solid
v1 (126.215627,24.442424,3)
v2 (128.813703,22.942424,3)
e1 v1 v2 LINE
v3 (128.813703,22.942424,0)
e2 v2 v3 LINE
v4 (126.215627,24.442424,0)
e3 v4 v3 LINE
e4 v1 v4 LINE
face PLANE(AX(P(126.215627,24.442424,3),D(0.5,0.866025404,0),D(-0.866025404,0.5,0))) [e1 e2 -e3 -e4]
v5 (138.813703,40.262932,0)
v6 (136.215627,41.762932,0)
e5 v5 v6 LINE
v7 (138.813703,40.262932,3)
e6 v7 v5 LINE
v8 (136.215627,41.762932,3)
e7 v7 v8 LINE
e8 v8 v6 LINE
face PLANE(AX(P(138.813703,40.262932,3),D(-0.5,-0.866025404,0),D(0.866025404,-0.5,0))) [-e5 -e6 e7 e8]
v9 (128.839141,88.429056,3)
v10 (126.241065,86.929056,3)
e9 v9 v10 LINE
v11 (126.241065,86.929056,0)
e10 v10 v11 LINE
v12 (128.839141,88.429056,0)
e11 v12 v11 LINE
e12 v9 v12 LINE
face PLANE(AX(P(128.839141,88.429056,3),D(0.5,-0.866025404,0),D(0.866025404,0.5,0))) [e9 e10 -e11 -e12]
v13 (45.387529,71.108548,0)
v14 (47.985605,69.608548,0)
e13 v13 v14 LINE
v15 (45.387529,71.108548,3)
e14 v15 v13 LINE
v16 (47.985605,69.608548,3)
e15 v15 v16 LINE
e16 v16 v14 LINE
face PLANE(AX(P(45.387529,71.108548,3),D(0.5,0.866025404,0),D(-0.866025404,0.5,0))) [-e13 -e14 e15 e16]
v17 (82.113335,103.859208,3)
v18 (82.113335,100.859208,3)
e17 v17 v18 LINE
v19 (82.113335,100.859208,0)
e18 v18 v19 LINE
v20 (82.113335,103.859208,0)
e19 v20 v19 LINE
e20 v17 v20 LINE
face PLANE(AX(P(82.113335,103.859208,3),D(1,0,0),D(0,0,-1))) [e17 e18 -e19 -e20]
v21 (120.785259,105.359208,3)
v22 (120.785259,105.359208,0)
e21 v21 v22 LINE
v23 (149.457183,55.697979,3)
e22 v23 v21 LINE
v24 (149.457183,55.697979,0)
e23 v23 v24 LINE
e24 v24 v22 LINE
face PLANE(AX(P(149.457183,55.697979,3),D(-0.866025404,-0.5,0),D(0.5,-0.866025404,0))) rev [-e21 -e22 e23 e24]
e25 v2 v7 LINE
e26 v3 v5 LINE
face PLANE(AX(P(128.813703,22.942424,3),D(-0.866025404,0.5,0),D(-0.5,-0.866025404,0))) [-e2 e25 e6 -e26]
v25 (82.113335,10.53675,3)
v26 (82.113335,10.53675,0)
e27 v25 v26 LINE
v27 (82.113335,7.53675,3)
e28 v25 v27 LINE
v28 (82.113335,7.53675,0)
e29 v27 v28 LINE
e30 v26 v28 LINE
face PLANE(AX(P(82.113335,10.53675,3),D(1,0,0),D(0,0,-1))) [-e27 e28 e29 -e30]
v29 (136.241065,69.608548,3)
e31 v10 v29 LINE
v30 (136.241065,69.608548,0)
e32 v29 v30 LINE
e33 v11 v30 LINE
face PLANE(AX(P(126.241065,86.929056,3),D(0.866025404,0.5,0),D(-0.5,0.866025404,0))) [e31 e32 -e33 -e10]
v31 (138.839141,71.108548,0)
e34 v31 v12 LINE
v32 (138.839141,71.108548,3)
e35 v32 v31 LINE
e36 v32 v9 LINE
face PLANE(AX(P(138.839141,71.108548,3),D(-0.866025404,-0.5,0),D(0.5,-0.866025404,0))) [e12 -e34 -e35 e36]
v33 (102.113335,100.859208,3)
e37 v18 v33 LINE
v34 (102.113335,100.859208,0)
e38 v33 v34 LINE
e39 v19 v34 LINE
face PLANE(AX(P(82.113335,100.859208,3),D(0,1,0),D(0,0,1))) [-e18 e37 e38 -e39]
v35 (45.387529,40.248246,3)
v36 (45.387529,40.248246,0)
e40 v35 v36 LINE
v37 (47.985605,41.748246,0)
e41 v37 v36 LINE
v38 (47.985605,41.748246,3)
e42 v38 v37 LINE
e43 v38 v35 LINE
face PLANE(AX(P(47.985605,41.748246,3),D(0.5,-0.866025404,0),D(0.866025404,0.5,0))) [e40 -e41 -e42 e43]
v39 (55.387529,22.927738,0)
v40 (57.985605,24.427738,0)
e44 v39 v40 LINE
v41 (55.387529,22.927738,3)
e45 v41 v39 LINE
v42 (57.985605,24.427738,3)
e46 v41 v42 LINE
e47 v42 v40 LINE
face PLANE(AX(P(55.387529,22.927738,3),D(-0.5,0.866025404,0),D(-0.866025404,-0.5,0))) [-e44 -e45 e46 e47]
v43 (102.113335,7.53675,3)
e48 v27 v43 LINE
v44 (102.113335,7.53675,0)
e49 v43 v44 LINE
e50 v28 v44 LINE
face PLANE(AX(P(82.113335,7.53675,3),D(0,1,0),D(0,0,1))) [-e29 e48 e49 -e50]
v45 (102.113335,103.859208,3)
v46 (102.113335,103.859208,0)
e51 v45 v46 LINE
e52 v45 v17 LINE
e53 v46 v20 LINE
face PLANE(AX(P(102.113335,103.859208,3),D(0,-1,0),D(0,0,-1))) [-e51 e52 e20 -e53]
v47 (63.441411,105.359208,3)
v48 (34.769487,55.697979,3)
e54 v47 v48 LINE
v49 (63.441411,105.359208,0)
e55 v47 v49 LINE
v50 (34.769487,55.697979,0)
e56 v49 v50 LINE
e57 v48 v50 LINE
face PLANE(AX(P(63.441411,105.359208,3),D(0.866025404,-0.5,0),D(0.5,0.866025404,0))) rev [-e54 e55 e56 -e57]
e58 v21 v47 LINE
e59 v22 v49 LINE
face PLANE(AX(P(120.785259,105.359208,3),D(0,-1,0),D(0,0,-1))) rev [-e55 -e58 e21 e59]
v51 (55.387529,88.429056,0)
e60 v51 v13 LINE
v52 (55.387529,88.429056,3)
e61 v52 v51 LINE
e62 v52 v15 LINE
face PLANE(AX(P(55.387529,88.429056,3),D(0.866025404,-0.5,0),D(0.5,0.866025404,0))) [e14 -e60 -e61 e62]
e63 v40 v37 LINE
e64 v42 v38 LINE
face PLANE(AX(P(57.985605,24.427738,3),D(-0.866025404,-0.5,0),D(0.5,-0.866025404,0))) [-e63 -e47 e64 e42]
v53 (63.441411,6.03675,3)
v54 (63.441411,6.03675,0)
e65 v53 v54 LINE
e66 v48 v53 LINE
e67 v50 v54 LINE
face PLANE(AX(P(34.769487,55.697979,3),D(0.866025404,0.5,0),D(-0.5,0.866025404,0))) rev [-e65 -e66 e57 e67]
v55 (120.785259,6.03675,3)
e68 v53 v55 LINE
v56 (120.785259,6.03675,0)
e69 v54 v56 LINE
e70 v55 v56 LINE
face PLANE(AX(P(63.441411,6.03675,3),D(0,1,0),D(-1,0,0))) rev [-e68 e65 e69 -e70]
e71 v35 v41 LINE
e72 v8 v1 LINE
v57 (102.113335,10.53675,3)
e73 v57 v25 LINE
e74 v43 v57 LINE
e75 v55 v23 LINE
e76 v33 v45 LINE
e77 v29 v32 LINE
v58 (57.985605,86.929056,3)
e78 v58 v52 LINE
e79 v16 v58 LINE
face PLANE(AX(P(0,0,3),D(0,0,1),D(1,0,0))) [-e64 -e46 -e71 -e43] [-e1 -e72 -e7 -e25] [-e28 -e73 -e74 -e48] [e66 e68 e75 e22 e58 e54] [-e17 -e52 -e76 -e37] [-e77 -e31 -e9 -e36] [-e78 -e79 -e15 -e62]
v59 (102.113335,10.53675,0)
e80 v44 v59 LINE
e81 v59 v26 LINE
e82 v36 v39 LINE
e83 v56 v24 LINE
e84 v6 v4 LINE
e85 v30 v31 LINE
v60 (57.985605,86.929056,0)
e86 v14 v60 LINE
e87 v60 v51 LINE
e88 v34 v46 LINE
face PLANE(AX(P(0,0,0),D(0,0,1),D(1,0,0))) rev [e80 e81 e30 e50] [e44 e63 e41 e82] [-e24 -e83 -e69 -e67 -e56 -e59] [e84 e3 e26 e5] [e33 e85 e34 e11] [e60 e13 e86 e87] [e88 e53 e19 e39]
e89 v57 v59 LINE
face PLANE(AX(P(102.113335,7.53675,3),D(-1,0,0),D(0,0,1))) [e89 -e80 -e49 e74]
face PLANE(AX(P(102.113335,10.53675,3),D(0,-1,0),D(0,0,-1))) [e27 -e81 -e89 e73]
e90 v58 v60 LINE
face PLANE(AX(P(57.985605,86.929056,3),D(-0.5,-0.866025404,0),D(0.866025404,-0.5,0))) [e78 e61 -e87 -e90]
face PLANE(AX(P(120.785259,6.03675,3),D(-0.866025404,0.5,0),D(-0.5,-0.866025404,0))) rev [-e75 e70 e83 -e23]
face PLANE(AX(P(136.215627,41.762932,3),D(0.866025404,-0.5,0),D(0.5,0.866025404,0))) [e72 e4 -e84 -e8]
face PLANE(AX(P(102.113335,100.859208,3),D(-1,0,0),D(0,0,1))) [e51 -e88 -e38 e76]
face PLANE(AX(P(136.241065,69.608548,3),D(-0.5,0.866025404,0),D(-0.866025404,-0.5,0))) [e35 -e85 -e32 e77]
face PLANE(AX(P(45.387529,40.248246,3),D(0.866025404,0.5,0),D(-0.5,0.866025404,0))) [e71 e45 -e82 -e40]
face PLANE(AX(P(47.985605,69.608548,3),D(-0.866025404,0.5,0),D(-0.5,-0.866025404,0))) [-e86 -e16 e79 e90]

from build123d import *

# Parameters (mm, degrees)
MODEL_W             = 20
MODEL_H             = 3
BOSS_EXTRUDE1_DEPTH = 3


with BuildPart() as part:
    # Model → Boss-Extrude1 (new body)
    with BuildSketch(Plane.XY):
        Polygon((149.457182746, 55.697979038), (120.785258916, 105.359207863), (63.441411255, 105.359207863), (34.769487424, 55.697979038), (63.441411255, 6.036750213), (120.785258916, 6.036750213), align=None)
        with Locations((92.113335085, 102.359207863)):
            Rectangle(MODEL_W, MODEL_H, mode=Mode.SUBTRACT)
        with Locations((92.113335085, 9.036750213)):
            Rectangle(MODEL_W, MODEL_H, mode=Mode.SUBTRACT)
        Polygon((126.215627262, 24.442424093), (128.813703474, 22.942424093), (138.813703474, 40.262932169), (136.215627262, 41.762932169), align=None, mode=Mode.SUBTRACT)
        Polygon((128.839141228, 88.429056492), (126.241065016, 86.929056492), (136.241065016, 69.608548416), (138.839141228, 71.108548416), align=None, mode=Mode.SUBTRACT)
        Polygon((55.387528943, 22.927737599), (57.985605154, 24.427737599), (47.985605154, 41.748245675), (45.387528943, 40.248245675), align=None, mode=Mode.SUBTRACT)
        Polygon((45.387528943, 71.108548416), (47.985605154, 69.608548416), (57.985605154, 86.929056492), (55.387528943, 88.429056492), align=None, mode=Mode.SUBTRACT)
    extrude(amount=BOSS_EXTRUDE1_DEPTH)


solid = part.part
